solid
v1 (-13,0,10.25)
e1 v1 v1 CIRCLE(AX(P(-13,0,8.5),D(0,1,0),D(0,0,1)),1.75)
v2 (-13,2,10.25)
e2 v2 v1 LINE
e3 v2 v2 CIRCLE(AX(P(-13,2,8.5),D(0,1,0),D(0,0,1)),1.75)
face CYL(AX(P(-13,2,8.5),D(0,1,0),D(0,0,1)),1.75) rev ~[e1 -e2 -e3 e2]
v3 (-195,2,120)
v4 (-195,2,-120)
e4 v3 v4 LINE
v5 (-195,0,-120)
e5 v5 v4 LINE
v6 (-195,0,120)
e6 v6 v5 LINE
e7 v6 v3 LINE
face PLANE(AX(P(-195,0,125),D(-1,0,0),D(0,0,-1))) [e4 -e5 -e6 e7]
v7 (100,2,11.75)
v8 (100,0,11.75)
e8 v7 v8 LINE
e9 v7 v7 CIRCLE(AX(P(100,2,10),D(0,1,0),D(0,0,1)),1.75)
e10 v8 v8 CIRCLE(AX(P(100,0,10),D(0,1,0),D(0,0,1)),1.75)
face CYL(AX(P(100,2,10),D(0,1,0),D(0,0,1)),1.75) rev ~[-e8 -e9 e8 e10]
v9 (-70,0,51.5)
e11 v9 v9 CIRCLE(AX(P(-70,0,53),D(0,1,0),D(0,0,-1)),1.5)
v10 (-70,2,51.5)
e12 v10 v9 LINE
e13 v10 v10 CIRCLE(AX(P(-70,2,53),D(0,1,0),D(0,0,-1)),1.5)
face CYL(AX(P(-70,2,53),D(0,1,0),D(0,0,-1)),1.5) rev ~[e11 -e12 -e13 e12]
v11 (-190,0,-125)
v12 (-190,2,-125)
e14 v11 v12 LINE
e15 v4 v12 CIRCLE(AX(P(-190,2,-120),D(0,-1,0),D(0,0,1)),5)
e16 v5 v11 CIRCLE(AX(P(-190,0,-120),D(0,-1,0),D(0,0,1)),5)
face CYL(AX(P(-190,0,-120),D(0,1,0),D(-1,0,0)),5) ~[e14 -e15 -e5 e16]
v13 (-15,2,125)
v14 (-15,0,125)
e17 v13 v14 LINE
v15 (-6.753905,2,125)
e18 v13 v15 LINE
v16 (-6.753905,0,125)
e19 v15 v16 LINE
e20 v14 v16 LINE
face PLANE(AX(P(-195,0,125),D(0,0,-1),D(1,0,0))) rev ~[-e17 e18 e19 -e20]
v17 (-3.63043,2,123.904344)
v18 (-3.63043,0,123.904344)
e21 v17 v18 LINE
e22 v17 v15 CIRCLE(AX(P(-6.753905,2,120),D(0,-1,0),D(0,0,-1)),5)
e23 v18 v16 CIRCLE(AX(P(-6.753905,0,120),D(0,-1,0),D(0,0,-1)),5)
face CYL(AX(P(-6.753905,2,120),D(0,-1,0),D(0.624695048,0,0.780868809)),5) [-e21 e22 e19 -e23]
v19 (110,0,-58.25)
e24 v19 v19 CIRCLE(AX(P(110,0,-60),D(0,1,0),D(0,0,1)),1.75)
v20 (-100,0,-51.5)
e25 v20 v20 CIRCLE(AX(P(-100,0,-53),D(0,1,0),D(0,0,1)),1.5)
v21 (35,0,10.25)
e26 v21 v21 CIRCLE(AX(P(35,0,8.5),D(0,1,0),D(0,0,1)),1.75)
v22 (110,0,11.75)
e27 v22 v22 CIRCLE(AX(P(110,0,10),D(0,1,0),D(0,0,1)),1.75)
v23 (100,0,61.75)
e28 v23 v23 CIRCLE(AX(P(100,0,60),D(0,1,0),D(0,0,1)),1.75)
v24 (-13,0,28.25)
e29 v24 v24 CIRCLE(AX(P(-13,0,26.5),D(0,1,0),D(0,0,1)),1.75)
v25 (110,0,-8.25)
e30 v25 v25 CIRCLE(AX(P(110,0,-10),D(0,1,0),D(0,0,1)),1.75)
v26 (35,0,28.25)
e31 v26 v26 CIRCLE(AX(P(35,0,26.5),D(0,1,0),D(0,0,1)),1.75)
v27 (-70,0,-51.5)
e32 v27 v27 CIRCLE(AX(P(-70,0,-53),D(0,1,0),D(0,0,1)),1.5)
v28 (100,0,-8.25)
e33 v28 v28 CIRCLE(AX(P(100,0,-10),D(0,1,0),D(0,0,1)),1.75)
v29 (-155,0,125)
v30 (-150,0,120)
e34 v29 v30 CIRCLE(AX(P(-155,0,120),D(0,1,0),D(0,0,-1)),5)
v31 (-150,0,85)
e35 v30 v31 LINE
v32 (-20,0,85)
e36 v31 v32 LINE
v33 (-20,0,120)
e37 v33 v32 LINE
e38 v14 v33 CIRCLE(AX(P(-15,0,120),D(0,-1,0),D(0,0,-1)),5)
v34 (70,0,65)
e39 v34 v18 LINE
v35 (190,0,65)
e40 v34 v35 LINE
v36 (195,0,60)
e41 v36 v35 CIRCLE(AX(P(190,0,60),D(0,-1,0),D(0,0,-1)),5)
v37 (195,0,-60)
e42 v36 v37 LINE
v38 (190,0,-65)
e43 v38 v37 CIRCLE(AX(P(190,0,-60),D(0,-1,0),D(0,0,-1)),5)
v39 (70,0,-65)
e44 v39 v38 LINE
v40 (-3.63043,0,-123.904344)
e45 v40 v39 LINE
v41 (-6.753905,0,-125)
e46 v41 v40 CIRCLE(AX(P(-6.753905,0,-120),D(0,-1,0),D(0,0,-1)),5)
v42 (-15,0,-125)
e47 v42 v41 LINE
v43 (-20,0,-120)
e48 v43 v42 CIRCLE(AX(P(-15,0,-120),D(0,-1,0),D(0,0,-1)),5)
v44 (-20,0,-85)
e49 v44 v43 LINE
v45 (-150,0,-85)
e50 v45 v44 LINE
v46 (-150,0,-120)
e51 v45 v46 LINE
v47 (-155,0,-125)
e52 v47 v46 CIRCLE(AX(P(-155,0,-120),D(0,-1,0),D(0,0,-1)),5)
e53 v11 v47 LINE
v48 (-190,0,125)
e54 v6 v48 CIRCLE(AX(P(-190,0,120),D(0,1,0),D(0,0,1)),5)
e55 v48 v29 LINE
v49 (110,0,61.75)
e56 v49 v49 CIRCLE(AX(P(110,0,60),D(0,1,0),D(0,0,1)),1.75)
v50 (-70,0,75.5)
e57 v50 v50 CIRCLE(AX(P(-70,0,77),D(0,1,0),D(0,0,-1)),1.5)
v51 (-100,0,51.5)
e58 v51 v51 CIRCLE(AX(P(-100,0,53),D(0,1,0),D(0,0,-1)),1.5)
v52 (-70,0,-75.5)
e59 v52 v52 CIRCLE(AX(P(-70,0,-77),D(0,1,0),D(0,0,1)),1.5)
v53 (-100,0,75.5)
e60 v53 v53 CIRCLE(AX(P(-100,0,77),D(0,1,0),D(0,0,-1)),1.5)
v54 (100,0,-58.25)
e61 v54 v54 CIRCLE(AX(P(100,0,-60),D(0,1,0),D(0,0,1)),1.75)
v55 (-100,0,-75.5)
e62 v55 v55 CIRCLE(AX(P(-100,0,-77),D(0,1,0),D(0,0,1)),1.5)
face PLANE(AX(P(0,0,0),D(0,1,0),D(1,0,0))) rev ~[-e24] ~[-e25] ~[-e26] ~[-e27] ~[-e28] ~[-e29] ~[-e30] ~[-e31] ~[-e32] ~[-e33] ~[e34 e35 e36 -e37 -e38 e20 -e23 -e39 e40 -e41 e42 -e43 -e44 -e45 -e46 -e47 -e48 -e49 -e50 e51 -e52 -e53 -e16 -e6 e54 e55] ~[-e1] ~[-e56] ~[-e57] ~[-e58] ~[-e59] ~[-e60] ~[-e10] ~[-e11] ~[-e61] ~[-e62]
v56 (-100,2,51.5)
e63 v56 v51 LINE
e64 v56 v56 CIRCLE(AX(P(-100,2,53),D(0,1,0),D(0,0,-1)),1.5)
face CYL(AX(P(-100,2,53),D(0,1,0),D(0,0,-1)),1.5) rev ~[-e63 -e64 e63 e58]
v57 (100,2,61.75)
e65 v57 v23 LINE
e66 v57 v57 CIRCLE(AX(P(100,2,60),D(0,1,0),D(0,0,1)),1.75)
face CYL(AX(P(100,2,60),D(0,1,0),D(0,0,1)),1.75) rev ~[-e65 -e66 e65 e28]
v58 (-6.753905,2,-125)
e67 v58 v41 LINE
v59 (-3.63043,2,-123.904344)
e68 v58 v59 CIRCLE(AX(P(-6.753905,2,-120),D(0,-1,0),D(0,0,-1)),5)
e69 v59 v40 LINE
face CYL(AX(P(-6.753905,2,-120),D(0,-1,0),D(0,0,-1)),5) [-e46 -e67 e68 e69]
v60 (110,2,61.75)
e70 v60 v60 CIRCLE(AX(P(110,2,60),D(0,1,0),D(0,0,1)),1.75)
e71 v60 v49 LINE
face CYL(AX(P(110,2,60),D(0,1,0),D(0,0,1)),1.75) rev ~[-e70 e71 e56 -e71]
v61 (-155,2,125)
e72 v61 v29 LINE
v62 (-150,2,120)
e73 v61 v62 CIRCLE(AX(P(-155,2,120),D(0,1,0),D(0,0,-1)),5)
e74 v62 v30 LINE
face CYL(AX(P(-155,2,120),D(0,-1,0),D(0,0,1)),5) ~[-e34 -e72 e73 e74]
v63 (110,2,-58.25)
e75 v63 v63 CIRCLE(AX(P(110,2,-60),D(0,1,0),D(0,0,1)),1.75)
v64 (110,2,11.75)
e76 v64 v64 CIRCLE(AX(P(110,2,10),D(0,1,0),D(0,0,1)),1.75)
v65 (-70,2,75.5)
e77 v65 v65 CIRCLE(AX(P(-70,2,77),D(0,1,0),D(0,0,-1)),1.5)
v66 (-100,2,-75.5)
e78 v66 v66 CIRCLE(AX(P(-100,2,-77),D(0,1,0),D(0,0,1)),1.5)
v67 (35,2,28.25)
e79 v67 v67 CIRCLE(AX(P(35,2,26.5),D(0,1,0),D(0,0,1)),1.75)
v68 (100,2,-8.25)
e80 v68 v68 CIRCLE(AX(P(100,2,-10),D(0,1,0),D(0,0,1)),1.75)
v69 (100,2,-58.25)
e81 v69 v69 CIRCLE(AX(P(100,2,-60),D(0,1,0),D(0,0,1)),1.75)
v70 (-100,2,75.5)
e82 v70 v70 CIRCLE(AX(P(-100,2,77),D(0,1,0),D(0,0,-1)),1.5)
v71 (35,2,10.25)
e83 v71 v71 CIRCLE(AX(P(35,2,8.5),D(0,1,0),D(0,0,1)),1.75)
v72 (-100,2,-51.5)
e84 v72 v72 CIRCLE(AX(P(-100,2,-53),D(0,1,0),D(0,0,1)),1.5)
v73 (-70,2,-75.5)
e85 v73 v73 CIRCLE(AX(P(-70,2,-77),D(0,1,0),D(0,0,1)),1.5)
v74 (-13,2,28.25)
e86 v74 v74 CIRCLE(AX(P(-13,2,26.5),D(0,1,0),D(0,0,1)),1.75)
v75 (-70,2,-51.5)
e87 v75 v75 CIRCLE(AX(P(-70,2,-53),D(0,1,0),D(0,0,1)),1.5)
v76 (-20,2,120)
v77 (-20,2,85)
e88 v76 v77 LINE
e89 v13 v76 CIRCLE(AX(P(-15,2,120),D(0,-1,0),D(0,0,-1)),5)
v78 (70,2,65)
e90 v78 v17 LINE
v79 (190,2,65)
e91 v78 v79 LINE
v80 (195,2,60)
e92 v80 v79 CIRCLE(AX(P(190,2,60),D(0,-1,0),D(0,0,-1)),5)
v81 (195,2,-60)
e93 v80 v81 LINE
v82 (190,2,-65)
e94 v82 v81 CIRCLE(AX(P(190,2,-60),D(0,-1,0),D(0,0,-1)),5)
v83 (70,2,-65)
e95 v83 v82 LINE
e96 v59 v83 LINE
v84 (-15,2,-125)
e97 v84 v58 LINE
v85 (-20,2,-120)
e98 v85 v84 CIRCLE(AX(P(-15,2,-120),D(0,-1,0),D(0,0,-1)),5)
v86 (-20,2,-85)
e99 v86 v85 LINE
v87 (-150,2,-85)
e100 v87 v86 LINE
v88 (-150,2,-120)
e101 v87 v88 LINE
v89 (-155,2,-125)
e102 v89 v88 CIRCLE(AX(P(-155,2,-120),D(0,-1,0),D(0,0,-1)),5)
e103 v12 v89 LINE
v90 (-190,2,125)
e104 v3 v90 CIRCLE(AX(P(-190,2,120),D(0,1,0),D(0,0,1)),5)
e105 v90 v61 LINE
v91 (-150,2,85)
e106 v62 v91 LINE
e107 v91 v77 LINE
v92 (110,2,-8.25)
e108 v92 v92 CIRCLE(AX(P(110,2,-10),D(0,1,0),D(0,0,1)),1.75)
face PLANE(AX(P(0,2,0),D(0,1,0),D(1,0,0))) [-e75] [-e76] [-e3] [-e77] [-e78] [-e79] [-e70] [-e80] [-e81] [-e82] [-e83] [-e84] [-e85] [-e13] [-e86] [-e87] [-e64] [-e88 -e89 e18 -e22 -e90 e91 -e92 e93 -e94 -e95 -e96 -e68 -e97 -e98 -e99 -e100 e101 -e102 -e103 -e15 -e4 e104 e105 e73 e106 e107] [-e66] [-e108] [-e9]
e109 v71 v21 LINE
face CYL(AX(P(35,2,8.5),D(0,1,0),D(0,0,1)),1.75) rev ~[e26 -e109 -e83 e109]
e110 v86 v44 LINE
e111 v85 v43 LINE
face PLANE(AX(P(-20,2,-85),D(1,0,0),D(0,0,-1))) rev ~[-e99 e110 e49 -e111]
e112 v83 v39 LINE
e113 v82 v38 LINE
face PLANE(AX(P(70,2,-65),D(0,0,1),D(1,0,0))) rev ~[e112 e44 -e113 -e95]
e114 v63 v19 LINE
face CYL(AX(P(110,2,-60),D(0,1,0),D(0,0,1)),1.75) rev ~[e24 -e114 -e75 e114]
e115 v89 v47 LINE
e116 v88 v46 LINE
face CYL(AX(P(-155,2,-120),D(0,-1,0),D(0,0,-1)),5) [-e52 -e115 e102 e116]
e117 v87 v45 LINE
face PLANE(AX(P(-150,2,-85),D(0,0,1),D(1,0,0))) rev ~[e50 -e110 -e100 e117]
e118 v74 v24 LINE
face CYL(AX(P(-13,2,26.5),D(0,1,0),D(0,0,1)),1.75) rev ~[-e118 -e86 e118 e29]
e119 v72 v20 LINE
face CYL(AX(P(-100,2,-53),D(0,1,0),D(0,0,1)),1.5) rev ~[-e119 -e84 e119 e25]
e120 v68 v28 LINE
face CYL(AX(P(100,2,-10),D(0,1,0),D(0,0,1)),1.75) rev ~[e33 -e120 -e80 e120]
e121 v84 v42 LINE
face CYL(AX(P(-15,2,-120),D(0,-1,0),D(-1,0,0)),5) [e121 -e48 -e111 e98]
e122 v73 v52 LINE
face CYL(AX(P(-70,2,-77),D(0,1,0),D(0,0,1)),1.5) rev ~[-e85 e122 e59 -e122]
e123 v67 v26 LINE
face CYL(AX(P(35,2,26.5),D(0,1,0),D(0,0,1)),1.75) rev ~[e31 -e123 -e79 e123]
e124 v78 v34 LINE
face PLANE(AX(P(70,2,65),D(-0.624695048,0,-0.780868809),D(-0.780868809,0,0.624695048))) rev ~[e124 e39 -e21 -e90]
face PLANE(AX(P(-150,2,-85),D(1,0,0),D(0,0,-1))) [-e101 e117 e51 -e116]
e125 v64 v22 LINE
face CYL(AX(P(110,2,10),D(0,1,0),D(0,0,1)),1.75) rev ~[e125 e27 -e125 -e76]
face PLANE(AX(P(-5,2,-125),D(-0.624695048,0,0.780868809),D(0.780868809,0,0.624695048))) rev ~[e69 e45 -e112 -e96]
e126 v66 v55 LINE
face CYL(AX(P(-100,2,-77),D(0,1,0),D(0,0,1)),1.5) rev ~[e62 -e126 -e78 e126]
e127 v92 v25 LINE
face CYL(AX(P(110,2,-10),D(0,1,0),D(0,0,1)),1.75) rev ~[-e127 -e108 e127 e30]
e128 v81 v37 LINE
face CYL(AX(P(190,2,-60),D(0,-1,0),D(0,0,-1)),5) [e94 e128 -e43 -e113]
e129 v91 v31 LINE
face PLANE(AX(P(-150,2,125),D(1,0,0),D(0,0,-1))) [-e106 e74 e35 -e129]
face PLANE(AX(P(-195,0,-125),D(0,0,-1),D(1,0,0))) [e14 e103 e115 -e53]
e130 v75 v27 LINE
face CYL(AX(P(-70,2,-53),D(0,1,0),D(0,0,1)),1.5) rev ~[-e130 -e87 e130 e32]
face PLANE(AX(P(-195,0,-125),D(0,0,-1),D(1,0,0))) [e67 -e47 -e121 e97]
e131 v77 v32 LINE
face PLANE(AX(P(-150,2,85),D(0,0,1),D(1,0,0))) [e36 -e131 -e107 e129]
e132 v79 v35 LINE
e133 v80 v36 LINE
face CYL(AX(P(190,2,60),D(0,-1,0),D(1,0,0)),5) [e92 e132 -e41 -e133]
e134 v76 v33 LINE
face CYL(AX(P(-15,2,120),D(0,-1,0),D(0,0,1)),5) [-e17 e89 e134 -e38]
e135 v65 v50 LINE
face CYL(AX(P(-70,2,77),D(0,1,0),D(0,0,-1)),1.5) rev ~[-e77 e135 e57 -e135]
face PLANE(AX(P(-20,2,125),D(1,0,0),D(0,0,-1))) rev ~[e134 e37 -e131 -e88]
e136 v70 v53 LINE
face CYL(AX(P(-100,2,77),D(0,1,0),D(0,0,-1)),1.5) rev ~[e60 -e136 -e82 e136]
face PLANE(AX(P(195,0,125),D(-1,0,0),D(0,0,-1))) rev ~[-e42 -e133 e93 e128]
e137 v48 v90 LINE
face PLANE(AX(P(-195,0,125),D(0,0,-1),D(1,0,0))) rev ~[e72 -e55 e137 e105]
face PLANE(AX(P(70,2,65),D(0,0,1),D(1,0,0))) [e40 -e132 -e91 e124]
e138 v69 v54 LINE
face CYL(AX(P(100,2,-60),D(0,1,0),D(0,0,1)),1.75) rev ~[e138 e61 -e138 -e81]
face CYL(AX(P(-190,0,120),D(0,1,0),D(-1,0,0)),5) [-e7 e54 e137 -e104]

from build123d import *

# Parameters (mm, degrees)
SKETCH_1_W          = 390
SKETCH_1_H          = 250
EXTRUDE_1_DEPTH     = 2
SKETCH_2_W          = 130
SKETCH_2_H          = 40
SKETCH_2_W_2        = 125
SKETCH_2_H_2        = 60
CUT_EXTRUDE_1_DEPTH = 5
CUT_EXTRUDE_2_DEPTH = 10
FILLET_1_R          = 5
SKETCH_4_R          = 1.5
SKETCH_4_R_2        = 1.75
CUT_EXTRUDE_3_DEPTH = 232.633330935
SKETCH_5_R          = 1.75
CUT_EXTRUDE_4_DEPTH = 232.633330935


with BuildPart() as part:
    # 스케치1 → 보스-돌출1 (new body)
    with BuildSketch(Plane(origin=(0, 0, 0), x_dir=(1, 0, 0), z_dir=(0, 1, 0))):
        Rectangle(SKETCH_1_W, SKETCH_1_H)
    extrude(amount=EXTRUDE_1_DEPTH)

    # 스케치2 → 컷-돌출1 (cut)
    with BuildSketch(Plane(origin=(0, 2, 0), x_dir=(1, 0, 0), z_dir=(0, 1, 0))):
        with Locations((-85, 105)):
            Rectangle(SKETCH_2_W, SKETCH_2_H)
        with Locations((-85, -105)):
            Rectangle(SKETCH_2_W, SKETCH_2_H)
        with Locations((132.5, 95)):
            Rectangle(SKETCH_2_W_2, SKETCH_2_H_2)
        with Locations((132.5, -95)):
            Rectangle(SKETCH_2_W_2, SKETCH_2_H_2)
    extrude(amount=-CUT_EXTRUDE_1_DEPTH, mode=Mode.SUBTRACT)

    # 스케치3 → 컷-돌출2 (cut)
    with BuildSketch(Plane(origin=(0, 2, 0), x_dir=(1, 0, 0), z_dir=(0, 1, 0))):
        Polygon((-5, 125), (70, 65), (70, 125), align=None)
        Polygon((70, -65), (-5, -125), (70, -125), align=None)
    extrude(amount=-CUT_EXTRUDE_2_DEPTH, mode=Mode.SUBTRACT)

    # 필렛1
    fillet_1_edges = [part.edges().sort_by_distance(p)[0] for p in [
        (-5, 1, -125),
        (-5, 1, 125),
        (-150, 1, 125),
        (-20, 1, 125),
        (195, 1, -65),
        (195, 1, 65),
        (-150, 1, -125),
        (-20, 1, -125),
        (-195, 1, 125),
        (-195, 1, -125),
    ]]
    fillet(fillet_1_edges, radius=FILLET_1_R)

    # 스케치4 → 컷-돌출3 (cut, through all)
    with BuildSketch(Plane(origin=(0, 2, 0), x_dir=(1, 0, 0), z_dir=(0, 1, 0))):
        with Locations(Location((-100, 77, 0), (0, 0, 270))):
            Circle(SKETCH_4_R)
        with Locations(Location((-70, 77, 0), (0, 0, 270))):
            Circle(SKETCH_4_R)
        with Locations(Location((-70, 53, 0), (0, 0, 270))):
            Circle(SKETCH_4_R)
        with Locations(Location((-100, 53, 0), (0, 0, 270))):
            Circle(SKETCH_4_R)
        with Locations(Location((-100, -53, 0), (0, 0, 90))):
            Circle(SKETCH_4_R)
        with Locations(Location((-70, -53, 0), (0, 0, 90))):
            Circle(SKETCH_4_R)
        with Locations(Location((-70, -77, 0), (0, 0, 90))):
            Circle(SKETCH_4_R)
        with Locations(Location((-100, -77, 0), (0, 0, 90))):
            Circle(SKETCH_4_R)
        with Locations(Location((100, 60, 0), (0, 0, 270))):
            Circle(SKETCH_4_R_2)
        with Locations(Location((110, 60, 0), (0, 0, 270))):
            Circle(SKETCH_4_R_2)
        with Locations(Location((100, 10, 0), (0, 0, 270))):
            Circle(SKETCH_4_R_2)
        with Locations(Location((110, 10, 0), (0, 0, 270))):
            Circle(SKETCH_4_R_2)
        with Locations(Location((100, -10, 0), (0, 0, 270))):
            Circle(SKETCH_4_R_2)
        with Locations(Location((110, -10, 0), (0, 0, 270))):
            Circle(SKETCH_4_R_2)
        with Locations(Location((100, -60, 0), (0, 0, 270))):
            Circle(SKETCH_4_R_2)
        with Locations(Location((110, -60, 0), (0, 0, 270))):
            Circle(SKETCH_4_R_2)
    extrude(amount=-CUT_EXTRUDE_3_DEPTH, mode=Mode.SUBTRACT)

    # 스케치5 → 컷-돌출4 (cut, through all)
    with BuildSketch(Plane(origin=(0, 2, 0), x_dir=(1, 0, 0), z_dir=(0, 1, 0))):
        with Locations(Location((-13, -8.5, 0), (0, 0, 270))):
            Circle(SKETCH_5_R)
        with Locations(Location((35, -8.5, 0), (0, 0, 270))):
            Circle(SKETCH_5_R)
        with Locations(Location((-13, -26.5, 0), (0, 0, 270))):
            Circle(SKETCH_5_R)
        with Locations(Location((35, -26.5, 0), (0, 0, 270))):
            Circle(SKETCH_5_R)
    extrude(amount=-CUT_EXTRUDE_4_DEPTH, mode=Mode.SUBTRACT)


solid = part.part
